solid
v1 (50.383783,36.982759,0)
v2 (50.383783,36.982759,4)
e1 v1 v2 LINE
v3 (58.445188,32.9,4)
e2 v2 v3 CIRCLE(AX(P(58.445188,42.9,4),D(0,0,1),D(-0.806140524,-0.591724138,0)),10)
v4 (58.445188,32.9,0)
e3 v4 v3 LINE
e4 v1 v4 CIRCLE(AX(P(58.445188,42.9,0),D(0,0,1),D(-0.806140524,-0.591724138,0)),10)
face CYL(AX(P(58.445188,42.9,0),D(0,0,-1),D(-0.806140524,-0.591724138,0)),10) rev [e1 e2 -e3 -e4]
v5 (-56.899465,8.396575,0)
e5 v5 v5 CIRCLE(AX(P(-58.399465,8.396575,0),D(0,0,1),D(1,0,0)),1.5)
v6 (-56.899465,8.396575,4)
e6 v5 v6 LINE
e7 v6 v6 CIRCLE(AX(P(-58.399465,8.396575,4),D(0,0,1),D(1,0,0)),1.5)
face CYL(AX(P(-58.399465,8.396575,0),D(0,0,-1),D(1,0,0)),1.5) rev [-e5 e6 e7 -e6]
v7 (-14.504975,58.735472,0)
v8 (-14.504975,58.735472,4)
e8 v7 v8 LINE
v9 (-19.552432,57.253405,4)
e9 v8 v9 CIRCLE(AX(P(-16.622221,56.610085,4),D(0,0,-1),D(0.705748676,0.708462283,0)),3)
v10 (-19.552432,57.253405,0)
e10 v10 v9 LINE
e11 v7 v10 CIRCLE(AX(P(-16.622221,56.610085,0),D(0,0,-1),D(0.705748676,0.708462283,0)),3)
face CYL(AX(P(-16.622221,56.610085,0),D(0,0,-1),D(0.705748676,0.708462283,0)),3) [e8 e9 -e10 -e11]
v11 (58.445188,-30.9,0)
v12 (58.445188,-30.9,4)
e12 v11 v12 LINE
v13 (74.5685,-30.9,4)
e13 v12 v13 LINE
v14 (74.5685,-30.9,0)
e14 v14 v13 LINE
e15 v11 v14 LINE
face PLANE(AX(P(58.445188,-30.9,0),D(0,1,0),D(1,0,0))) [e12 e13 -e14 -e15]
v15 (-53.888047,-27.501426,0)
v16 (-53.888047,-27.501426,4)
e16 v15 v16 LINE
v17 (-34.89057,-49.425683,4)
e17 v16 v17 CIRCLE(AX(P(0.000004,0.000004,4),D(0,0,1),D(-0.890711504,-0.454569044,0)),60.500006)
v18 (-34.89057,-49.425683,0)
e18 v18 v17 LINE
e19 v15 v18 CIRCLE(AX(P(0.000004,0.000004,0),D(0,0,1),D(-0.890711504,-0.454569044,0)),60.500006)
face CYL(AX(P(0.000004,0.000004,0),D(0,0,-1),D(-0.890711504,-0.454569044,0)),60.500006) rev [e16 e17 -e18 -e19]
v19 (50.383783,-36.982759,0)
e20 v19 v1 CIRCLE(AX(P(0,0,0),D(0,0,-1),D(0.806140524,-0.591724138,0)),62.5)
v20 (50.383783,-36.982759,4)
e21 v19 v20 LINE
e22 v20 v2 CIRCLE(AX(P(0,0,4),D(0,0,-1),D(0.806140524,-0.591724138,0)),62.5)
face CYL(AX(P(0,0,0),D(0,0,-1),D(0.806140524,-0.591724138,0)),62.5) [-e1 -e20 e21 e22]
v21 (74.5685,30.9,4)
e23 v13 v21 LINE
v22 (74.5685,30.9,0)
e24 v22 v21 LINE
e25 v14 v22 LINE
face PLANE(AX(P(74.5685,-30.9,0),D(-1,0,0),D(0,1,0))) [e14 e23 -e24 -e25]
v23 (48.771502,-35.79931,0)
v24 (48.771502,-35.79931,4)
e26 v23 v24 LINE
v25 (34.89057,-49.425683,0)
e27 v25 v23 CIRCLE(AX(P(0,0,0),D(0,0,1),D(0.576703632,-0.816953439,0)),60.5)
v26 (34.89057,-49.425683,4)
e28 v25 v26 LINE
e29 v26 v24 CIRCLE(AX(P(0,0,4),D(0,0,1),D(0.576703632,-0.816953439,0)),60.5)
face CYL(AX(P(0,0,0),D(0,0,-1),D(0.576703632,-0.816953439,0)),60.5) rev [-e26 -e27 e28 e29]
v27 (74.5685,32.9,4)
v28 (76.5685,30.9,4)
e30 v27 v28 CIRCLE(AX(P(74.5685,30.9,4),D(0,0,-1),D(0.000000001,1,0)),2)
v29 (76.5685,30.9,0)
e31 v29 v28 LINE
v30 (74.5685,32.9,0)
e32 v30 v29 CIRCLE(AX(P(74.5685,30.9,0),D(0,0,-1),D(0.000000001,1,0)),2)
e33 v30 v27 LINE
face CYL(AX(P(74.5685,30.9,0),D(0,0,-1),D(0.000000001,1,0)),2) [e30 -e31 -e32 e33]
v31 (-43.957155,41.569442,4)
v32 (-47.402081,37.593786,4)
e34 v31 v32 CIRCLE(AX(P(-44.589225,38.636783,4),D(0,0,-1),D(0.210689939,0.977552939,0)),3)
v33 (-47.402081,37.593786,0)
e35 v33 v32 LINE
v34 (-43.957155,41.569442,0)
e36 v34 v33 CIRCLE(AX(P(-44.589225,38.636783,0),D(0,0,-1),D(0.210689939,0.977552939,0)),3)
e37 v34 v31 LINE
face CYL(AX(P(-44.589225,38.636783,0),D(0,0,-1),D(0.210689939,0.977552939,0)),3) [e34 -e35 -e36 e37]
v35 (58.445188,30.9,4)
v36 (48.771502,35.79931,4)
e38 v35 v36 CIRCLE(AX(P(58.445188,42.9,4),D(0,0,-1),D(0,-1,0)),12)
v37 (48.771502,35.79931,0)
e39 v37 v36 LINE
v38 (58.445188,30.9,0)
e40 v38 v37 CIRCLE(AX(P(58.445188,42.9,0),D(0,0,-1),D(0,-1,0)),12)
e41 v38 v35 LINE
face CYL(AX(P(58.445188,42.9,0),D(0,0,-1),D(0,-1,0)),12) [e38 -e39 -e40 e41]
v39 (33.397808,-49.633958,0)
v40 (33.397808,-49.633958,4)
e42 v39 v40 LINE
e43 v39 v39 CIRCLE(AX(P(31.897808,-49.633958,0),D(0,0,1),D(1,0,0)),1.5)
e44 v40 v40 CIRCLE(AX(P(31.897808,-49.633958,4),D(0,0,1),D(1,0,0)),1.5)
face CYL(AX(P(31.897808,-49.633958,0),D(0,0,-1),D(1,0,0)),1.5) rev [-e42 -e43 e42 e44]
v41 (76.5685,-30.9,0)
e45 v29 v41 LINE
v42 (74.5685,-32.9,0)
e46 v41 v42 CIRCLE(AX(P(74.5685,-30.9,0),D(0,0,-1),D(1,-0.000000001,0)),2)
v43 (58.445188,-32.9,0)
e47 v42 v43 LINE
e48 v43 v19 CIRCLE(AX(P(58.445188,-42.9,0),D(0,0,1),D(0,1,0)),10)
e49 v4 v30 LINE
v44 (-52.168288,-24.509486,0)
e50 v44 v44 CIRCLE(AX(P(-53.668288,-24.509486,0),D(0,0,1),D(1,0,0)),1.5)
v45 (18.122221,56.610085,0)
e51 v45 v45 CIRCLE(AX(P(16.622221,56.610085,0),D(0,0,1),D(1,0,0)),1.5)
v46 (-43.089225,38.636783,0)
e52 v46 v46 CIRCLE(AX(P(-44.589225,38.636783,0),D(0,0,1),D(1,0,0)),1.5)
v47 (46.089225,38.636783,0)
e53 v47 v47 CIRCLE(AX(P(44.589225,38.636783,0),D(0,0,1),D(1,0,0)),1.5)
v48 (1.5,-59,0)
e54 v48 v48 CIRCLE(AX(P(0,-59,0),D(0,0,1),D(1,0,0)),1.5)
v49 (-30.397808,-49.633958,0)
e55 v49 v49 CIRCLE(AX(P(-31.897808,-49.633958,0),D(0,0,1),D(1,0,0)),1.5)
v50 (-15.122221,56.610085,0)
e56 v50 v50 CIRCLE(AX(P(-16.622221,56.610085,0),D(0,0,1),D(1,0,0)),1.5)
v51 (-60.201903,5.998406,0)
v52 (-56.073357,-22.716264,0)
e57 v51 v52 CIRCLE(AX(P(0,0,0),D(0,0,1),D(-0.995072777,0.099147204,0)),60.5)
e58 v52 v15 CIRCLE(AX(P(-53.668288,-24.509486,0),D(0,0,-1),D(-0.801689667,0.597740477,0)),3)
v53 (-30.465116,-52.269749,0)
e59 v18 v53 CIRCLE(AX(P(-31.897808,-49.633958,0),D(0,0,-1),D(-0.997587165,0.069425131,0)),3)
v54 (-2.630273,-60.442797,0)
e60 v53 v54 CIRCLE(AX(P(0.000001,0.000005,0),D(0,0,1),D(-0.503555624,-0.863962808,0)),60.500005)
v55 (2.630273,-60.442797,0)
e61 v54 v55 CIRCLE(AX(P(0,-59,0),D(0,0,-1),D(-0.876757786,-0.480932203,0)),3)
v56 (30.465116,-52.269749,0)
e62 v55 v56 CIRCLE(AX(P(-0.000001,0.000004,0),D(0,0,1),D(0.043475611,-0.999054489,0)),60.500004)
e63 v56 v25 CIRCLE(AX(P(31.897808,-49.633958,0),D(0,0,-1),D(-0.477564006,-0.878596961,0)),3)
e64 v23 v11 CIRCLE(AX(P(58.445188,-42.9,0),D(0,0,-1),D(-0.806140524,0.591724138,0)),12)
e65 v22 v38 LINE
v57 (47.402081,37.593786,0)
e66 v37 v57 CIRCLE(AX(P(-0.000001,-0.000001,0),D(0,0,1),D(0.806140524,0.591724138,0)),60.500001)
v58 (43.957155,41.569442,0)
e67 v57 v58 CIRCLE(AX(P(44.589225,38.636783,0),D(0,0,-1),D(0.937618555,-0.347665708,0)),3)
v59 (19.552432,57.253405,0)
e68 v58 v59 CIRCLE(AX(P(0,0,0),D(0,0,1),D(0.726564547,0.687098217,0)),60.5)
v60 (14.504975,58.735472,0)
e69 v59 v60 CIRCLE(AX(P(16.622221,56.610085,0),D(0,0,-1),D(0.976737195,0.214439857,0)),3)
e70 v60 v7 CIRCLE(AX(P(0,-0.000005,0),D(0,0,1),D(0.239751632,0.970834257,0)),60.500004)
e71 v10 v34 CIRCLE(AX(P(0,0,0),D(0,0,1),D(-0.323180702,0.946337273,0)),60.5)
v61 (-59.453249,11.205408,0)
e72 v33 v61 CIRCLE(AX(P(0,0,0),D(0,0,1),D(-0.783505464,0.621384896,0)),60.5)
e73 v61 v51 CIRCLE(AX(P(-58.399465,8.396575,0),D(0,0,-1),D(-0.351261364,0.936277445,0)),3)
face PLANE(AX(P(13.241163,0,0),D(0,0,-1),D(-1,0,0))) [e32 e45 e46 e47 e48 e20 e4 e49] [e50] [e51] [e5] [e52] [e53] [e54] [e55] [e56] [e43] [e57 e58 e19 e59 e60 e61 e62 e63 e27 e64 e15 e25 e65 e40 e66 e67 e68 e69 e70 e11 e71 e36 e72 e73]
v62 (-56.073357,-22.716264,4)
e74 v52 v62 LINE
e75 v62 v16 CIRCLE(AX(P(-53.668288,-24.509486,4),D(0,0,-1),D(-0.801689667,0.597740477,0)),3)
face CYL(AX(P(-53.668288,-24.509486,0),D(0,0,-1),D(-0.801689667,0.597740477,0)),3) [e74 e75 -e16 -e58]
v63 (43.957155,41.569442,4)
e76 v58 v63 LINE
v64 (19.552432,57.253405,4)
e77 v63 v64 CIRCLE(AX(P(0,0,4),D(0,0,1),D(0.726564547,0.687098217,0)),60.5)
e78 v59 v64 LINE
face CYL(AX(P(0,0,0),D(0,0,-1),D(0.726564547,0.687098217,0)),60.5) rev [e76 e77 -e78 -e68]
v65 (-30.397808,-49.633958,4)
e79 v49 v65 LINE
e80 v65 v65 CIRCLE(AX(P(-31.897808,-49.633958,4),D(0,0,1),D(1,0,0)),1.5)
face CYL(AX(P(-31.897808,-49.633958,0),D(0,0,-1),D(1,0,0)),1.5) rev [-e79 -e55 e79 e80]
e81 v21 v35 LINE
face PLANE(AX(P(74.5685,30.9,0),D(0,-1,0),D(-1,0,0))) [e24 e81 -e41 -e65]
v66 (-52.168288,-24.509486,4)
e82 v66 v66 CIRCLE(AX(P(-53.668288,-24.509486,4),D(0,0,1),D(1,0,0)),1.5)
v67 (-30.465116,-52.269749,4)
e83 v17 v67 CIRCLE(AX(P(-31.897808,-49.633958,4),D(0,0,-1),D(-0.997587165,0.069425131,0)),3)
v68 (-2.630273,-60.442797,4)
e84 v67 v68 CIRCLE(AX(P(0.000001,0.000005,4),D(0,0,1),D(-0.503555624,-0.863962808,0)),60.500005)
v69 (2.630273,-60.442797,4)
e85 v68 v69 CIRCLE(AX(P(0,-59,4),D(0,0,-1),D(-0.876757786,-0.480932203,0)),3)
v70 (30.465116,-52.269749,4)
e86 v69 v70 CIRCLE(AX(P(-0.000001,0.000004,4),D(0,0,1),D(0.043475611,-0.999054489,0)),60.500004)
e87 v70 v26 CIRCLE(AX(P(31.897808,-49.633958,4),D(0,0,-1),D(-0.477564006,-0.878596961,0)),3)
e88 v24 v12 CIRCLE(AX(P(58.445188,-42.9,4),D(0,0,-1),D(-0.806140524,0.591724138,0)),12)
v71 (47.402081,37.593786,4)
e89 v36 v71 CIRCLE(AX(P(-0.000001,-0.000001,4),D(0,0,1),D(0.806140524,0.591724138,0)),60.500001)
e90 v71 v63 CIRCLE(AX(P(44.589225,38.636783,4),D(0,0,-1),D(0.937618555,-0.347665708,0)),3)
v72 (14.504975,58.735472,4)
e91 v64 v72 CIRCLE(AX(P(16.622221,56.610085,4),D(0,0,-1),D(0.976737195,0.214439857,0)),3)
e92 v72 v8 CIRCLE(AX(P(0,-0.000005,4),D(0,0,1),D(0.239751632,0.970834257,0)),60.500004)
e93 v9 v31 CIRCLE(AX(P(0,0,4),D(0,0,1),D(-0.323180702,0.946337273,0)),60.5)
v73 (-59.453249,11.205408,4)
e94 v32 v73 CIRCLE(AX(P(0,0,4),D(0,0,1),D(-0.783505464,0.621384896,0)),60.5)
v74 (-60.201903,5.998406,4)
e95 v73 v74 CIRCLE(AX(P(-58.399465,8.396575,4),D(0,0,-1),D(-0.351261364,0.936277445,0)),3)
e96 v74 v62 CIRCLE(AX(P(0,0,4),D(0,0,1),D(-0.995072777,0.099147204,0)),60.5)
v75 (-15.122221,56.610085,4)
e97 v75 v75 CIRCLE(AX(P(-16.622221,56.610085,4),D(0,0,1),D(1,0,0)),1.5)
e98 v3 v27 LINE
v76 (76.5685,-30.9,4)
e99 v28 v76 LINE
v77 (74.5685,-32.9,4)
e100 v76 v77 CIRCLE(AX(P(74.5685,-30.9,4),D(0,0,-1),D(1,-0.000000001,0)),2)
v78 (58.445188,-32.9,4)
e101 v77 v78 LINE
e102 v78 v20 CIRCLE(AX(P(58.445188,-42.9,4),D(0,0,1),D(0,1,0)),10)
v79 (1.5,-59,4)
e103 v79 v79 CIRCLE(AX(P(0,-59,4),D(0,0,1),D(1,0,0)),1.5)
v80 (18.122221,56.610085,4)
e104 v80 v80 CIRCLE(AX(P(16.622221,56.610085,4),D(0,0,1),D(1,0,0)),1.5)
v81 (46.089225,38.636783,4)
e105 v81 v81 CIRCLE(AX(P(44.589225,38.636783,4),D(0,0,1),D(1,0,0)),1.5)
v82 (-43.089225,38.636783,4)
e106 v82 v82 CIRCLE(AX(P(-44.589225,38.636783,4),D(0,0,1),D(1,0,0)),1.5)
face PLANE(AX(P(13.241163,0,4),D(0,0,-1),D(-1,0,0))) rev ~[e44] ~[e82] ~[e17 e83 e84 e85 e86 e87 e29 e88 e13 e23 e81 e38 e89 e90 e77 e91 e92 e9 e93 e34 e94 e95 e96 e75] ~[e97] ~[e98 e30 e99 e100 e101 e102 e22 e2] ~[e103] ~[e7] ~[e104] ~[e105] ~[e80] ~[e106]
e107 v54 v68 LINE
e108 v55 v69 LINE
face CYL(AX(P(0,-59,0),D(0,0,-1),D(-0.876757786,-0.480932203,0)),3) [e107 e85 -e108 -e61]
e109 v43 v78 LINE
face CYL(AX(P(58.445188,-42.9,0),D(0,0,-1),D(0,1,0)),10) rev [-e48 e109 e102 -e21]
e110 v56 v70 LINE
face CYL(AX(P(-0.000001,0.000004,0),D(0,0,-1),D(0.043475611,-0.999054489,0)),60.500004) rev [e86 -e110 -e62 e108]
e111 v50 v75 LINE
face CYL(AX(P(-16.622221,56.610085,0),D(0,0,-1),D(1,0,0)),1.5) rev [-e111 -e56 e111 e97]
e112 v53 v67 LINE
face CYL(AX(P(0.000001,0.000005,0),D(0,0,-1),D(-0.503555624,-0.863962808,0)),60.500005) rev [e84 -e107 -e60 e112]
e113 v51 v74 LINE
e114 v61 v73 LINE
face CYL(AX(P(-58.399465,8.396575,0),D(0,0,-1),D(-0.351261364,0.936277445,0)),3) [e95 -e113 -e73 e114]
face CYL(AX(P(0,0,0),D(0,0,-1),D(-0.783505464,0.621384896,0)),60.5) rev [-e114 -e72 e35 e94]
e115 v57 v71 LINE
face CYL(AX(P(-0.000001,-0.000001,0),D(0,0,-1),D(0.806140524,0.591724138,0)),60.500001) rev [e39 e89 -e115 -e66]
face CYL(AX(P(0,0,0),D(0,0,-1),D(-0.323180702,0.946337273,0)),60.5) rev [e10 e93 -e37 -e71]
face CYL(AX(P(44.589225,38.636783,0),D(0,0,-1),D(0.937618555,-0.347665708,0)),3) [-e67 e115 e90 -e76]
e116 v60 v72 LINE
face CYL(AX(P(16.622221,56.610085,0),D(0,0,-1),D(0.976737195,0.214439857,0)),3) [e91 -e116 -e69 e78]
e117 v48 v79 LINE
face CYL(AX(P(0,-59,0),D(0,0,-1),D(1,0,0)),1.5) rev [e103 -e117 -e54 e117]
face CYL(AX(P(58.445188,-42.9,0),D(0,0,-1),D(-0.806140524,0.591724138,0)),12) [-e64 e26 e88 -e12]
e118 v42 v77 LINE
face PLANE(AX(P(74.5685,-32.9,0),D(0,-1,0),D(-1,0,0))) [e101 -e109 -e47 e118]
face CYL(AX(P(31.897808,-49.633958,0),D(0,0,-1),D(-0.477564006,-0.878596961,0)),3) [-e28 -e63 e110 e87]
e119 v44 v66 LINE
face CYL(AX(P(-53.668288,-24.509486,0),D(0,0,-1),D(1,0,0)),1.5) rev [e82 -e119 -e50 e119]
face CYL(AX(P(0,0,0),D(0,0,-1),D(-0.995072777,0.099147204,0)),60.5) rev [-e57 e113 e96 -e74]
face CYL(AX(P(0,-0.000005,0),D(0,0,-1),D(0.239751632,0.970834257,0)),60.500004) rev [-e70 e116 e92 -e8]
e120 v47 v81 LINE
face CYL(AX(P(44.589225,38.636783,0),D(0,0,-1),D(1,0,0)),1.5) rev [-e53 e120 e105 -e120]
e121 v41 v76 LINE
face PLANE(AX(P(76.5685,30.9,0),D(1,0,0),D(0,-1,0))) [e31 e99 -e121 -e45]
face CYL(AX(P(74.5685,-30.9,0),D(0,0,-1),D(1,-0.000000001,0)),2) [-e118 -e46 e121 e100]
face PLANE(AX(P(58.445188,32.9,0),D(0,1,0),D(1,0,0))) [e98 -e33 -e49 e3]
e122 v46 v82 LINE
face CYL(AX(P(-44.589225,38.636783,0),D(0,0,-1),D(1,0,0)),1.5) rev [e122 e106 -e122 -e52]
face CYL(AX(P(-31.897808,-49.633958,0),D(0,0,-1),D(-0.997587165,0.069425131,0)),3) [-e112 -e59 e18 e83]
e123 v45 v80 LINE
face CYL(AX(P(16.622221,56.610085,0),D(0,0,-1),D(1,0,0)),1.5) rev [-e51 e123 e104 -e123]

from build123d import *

# Parameters (mm, degrees)
SKETCH_1_R      = 1.5
EXTRUDE_1_DEPTH = 4


with BuildPart() as part:
    # 草图1 → 凸台-拉伸1 (new body)
    with BuildSketch(Plane.XY):
        with BuildLine():
            Line((58.445187997, 32.9), (74.5685, 32.9))
            ThreePointArc((74.5685, 32.9), (75.982713562, 32.314213562), (76.5685, 30.9))
            Line((76.5685, 30.9), (76.5685, -30.9))
            ThreePointArc((76.5685, -30.9), (75.982713562, -32.314213562), (74.5685, -32.9))
            Line((74.5685, -32.9), (58.445187997, -32.9))
            ThreePointArc((58.445187997, -32.9), (53.927025417, -33.978889817), (50.383782756, -36.982758621))
            ThreePointArc((50.383782756, -36.982758621), (-62.5, 0), (50.383782756, 36.982758621))
            ThreePointArc((50.383782756, 36.982758621), (53.927025417, 33.978889817), (58.445187997, 32.9))
        make_face()
        with Locations((0, -59)):
            Circle(SKETCH_1_R, mode=Mode.SUBTRACT)
        with Locations((-31.89780823, -49.633958437)):
            Circle(SKETCH_1_R, mode=Mode.SUBTRACT)
        with Locations((-53.668287726, -24.509485767)):
            Circle(SKETCH_1_R, mode=Mode.SUBTRACT)
        with Locations((-58.399465071, 8.396575458)):
            Circle(SKETCH_1_R, mode=Mode.SUBTRACT)
        with Locations((-44.589224887, 38.636783303)):
            Circle(SKETCH_1_R, mode=Mode.SUBTRACT)
        with Locations((-16.622220854, 56.610085443)):
            Circle(SKETCH_1_R, mode=Mode.SUBTRACT)
        with Locations((16.622220854, 56.610085443)):
            Circle(SKETCH_1_R, mode=Mode.SUBTRACT)
        with Locations((44.589224887, 38.636783303)):
            Circle(SKETCH_1_R, mode=Mode.SUBTRACT)
        with Locations((31.89780823, -49.633958437)):
            Circle(SKETCH_1_R, mode=Mode.SUBTRACT)
        with BuildLine():
            Line((58.445187997, -30.9), (74.5685, -30.9))
            Line((74.5685, -30.9), (74.5685, 30.9))
            Line((74.5685, 30.9), (58.445187997, 30.9))
            ThreePointArc((58.445187997, 30.9), (53.0233929, 32.19466778), (48.771501708, 35.799310345))
            ThreePointArc((48.771501708, 35.799310345), (48.095161057, 36.702935617), (47.402080553, 37.593786179))
            ThreePointArc((47.402080553, 37.593786179), (42.321976164, 36.672201101), (43.957155069, 41.569442121))
            ThreePointArc((43.957155069, 41.569442121), (32.708769456, 50.895838736), (19.552432438, 57.253405015))
            ThreePointArc((19.552432438, 57.253405015), (15.777023183, 53.731606522), (14.504974825, 58.735472292))
            ThreePointArc((14.504974825, 58.735472292), (0, 60.499999866), (-14.504974825, 58.735472292))
            ThreePointArc((-14.504974825, 58.735472292), (-15.777023183, 53.731606522), (-19.552432438, 57.253405015))
            ThreePointArc((-19.552432438, 57.253405015), (-32.708769456, 50.895838736), (-43.957155069, 41.569442121))
            ThreePointArc((-43.957155069, 41.569442121), (-42.321976164, 36.672201101), (-47.402080553, 37.593786179))
            ThreePointArc((-47.402080553, 37.593786179), (-55.032735719, 25.132608287), (-59.453249164, 11.205407793))
            ThreePointArc((-59.453249164, 11.205407793), (-55.430000745, 7.969630943), (-60.20190302, 5.998405856))
            ThreePointArc((-60.20190302, 5.998405856), (-59.884197234, -8.610047716), (-56.073356727, -22.716264336))
            ThreePointArc((-56.073356727, -22.716264336), (-50.93939174, -23.263240728), (-53.888046644, -27.501425943))
            ThreePointArc((-53.888046644, -27.501425943), (-45.722849122, -39.619074294), (-34.890569724, -49.425683044))
            ThreePointArc((-34.890569724, -49.425683044), (-30.275885778, -47.110197839), (-30.465116213, -52.269749321))
            ThreePointArc((-30.465116213, -52.269749321), (-17.04481965, -58.049324772), (-2.630273359, -60.44279661))
            ThreePointArc((-2.630273359, -60.44279661), (0, -56), (2.630273359, -60.44279661))
            ThreePointArc((2.630273359, -60.44279661), (17.044819652, -58.049324777), (30.465116213, -52.269749321))
            ThreePointArc((30.465116213, -52.269749321), (30.275885778, -47.110197839), (34.890569724, -49.425683044))
            ThreePointArc((34.890569724, -49.425683044), (42.382249319, -43.174007721), (48.771501708, -35.799310345))
            ThreePointArc((48.771501708, -35.799310345), (53.0233929, -32.19466778), (58.445187997, -30.9))
        make_face(mode=Mode.SUBTRACT)
    extrude(amount=EXTRUDE_1_DEPTH)


solid = part.part
